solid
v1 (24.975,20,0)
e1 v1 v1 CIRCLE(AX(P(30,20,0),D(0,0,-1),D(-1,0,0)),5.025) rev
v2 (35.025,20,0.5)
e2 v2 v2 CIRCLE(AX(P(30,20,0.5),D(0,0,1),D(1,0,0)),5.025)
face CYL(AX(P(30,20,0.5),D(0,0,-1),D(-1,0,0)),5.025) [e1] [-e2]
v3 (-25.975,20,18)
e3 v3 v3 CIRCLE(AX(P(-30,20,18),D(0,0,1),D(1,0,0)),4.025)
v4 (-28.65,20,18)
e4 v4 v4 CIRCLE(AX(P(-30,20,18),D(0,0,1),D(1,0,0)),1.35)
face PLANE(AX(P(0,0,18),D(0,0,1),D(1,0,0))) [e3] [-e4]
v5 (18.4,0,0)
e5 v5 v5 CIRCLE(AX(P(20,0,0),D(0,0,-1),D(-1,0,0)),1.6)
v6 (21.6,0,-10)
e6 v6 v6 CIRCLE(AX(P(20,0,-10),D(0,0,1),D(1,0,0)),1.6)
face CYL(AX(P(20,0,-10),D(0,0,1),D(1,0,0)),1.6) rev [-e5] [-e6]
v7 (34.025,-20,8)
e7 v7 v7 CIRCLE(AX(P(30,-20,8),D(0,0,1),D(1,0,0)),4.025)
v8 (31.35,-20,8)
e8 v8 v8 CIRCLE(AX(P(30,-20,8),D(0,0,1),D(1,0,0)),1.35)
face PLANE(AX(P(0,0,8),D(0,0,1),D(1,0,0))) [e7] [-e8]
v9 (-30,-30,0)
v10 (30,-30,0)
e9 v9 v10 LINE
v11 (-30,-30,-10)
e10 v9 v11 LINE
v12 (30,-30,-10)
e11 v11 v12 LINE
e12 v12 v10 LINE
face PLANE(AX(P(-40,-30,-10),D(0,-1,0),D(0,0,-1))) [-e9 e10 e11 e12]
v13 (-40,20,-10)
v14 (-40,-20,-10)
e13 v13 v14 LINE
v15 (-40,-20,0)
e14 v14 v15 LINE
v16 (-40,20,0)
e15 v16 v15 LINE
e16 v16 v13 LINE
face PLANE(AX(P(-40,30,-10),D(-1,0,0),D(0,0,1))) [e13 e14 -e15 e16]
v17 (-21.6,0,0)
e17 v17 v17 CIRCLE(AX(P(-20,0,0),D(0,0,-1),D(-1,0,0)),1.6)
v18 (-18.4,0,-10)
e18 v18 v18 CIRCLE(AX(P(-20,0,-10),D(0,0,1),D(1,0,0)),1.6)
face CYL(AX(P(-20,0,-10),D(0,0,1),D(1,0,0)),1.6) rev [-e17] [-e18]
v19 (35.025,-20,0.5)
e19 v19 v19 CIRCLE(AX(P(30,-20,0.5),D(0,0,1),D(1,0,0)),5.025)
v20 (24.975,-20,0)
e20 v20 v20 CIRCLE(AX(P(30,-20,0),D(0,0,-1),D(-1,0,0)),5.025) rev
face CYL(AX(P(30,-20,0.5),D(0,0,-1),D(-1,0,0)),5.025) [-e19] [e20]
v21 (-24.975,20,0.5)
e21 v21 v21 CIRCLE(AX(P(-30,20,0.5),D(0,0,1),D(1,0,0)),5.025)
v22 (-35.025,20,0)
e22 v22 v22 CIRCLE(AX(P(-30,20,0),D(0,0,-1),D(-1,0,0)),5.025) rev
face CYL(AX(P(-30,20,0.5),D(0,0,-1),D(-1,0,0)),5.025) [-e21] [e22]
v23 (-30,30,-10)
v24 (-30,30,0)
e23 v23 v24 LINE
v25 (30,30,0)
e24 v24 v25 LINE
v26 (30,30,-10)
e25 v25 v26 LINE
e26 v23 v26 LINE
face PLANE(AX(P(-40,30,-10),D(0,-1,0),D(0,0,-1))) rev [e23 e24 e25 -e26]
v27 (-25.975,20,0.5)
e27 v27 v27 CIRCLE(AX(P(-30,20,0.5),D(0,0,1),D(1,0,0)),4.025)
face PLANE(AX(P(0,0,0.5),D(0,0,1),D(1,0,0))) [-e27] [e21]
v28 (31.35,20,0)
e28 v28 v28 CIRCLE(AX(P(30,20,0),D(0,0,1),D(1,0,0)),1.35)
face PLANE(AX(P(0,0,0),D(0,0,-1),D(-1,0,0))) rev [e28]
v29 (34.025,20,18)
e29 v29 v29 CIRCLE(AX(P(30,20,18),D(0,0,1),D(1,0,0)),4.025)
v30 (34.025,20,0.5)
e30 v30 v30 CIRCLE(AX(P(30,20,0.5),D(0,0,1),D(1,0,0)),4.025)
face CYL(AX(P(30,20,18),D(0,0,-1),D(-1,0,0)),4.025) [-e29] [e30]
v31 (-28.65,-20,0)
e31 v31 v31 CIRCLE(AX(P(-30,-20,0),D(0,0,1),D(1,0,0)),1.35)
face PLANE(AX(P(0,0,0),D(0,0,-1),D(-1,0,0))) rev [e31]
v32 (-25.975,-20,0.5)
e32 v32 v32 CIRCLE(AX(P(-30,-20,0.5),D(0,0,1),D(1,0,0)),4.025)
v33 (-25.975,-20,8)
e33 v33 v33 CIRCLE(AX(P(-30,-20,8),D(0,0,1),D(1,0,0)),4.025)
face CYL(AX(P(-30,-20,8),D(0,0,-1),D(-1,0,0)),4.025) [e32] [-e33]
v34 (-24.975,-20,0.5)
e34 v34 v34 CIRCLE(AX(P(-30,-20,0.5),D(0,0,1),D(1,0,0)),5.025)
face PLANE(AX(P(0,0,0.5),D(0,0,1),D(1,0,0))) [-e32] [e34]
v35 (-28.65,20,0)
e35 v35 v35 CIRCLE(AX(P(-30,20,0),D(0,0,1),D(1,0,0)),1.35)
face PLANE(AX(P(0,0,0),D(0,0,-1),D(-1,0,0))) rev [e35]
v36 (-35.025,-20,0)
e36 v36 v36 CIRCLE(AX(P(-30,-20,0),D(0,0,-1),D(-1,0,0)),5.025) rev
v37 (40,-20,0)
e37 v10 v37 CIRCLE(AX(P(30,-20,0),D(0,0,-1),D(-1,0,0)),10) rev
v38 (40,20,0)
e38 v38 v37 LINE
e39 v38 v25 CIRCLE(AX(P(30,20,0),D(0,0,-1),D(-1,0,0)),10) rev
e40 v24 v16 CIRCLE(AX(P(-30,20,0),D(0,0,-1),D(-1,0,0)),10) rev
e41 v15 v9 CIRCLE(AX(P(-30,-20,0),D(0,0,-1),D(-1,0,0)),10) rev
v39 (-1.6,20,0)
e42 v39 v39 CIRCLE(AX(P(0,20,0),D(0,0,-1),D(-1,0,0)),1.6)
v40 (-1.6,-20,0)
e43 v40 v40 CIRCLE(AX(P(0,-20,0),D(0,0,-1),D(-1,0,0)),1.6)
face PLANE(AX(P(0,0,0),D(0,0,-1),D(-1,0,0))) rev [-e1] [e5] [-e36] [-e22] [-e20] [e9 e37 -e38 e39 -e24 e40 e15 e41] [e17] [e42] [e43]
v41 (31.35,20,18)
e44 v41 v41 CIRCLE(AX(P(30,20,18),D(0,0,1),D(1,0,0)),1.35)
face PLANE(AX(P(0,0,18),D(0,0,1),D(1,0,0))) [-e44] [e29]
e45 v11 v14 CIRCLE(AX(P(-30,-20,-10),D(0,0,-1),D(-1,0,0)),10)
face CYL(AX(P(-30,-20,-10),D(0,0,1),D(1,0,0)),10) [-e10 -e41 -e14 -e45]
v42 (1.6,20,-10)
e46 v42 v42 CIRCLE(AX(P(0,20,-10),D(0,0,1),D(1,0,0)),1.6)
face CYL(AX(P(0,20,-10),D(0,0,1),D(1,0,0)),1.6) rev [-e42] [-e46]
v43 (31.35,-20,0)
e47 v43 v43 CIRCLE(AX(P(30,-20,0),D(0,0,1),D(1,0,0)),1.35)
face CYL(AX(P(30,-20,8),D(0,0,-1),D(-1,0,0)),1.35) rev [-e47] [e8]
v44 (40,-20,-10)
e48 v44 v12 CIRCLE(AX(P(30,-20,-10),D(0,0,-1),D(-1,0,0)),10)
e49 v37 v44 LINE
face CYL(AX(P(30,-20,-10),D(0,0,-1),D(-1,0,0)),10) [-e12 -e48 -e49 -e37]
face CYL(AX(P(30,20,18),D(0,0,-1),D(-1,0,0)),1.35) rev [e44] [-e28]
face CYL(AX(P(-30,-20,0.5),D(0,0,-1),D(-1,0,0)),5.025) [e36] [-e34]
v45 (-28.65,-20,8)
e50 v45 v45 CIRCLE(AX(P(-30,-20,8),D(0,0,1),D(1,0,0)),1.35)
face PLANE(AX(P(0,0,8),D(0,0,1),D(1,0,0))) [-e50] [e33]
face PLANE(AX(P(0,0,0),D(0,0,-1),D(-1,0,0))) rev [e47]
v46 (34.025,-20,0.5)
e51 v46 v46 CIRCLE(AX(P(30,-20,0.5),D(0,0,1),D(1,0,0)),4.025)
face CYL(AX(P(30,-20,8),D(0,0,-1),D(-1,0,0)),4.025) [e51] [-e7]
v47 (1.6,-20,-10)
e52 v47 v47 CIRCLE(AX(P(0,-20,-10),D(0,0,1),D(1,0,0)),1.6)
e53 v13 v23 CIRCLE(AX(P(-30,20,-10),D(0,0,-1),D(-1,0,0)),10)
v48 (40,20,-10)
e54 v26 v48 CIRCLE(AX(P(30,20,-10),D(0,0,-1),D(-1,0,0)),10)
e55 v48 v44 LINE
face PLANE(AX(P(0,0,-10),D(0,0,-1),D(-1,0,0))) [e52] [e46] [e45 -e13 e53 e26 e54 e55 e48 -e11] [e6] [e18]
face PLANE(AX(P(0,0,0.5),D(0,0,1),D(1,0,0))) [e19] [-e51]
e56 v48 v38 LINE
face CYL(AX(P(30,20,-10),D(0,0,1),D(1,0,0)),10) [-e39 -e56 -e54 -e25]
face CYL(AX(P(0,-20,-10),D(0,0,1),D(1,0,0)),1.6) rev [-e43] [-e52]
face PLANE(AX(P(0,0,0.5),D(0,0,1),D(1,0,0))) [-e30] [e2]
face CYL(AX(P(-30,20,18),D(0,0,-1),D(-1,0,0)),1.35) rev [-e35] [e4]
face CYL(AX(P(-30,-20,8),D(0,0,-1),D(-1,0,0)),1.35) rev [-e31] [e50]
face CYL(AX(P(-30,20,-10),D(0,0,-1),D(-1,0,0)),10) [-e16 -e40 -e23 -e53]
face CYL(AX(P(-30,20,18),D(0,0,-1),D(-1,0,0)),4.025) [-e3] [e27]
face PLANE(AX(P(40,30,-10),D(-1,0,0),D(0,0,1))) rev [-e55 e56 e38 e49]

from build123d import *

# Parameters (mm, degrees)
SKETCH1_W               = 80
SKETCH1_H               = 60
BOSS_EXTRUDE1_DEPTH     = 10
SKETCH1_3_R             = 4.025
SKETCH1_3_R_2           = 1.35
BOSS_EXTRUDE2_DEPTH     = 8
SKETCH1_5_R             = 4.025
SKETCH1_5_R_2           = 1.35
BOSS_EXTRUDE4_DEPTH     = 18
SKETCH1_4_R             = 5.025
SKETCH1_4_R_2           = 4.025
BOSS_EXTRUDE3_DEPTH     = 0.5
SKETCH1_6_R             = 1.6
CUT_EXTRUDE1_DEPTH      = 19
CUT_EXTRUDE1_DEPTH_BACK = 11
FILLET1_R               = 10


with BuildPart() as part:
    # Sketch1 → Boss-Extrude1 (new body)
    with BuildSketch(Plane.XY):
        Rectangle(SKETCH1_W, SKETCH1_H)
    extrude(amount=-BOSS_EXTRUDE1_DEPTH)

    # Sketch1<3> → Boss-Extrude2 (add)
    with BuildSketch(Plane.XY):
        with Locations((-30, -20)):
            Circle(SKETCH1_3_R)
        with Locations((-30, -20)):
            Circle(SKETCH1_3_R_2, mode=Mode.SUBTRACT)
        with Locations((30, -20)):
            Circle(SKETCH1_3_R)
        with Locations((30, -20)):
            Circle(SKETCH1_3_R_2, mode=Mode.SUBTRACT)
    extrude(amount=BOSS_EXTRUDE2_DEPTH)

    # Sketch1<5> → Boss-Extrude4 (add)
    with BuildSketch(Plane.XY):
        with Locations((-30, 20)):
            Circle(SKETCH1_5_R)
        with Locations((-30, 20)):
            Circle(SKETCH1_5_R_2, mode=Mode.SUBTRACT)
        with Locations((30, 20)):
            Circle(SKETCH1_5_R)
        with Locations((30, 20)):
            Circle(SKETCH1_5_R_2, mode=Mode.SUBTRACT)
    extrude(amount=BOSS_EXTRUDE4_DEPTH)

    # Sketch1<4> → Boss-Extrude3 (add)
    with BuildSketch(Plane.XY):
        with Locations((-30, 20)):
            Circle(SKETCH1_4_R)
        with Locations((-30, 20)):
            Circle(SKETCH1_4_R_2, mode=Mode.SUBTRACT)
        with Locations((30, 20)):
            Circle(SKETCH1_4_R)
        with Locations((30, 20)):
            Circle(SKETCH1_4_R_2, mode=Mode.SUBTRACT)
        with Locations((30, -20)):
            Circle(SKETCH1_4_R)
        with Locations((30, -20)):
            Circle(SKETCH1_4_R_2, mode=Mode.SUBTRACT)
        with Locations((-30, -20)):
            Circle(SKETCH1_4_R)
        with Locations((-30, -20)):
            Circle(SKETCH1_4_R_2, mode=Mode.SUBTRACT)
    extrude(amount=BOSS_EXTRUDE3_DEPTH)

    # Sketch1<6> → Cut-Extrude1 (cut, two sides)
    with BuildSketch(Plane.XY) as cut_extrude1_sk:
        with Locations((0, 20)):
            Circle(SKETCH1_6_R)
        with Locations((-20, 0)):
            Circle(SKETCH1_6_R)
        with Locations((0, -20)):
            Circle(SKETCH1_6_R)
        with Locations((20, 0)):
            Circle(SKETCH1_6_R)
    extrude(amount=CUT_EXTRUDE1_DEPTH, mode=Mode.SUBTRACT)
    extrude(cut_extrude1_sk.sketch, amount=-CUT_EXTRUDE1_DEPTH_BACK, mode=Mode.SUBTRACT)

    # Fillet1
    fillet1_edges = [part.edges().sort_by_distance(p)[0] for p in [
        (-40, 30, -5),
        (-40, -30, -5),
        (40, -30, -5),
        (40, 30, -5),
    ]]
    fillet(fillet1_edges, radius=FILLET1_R)


solid = part.part
